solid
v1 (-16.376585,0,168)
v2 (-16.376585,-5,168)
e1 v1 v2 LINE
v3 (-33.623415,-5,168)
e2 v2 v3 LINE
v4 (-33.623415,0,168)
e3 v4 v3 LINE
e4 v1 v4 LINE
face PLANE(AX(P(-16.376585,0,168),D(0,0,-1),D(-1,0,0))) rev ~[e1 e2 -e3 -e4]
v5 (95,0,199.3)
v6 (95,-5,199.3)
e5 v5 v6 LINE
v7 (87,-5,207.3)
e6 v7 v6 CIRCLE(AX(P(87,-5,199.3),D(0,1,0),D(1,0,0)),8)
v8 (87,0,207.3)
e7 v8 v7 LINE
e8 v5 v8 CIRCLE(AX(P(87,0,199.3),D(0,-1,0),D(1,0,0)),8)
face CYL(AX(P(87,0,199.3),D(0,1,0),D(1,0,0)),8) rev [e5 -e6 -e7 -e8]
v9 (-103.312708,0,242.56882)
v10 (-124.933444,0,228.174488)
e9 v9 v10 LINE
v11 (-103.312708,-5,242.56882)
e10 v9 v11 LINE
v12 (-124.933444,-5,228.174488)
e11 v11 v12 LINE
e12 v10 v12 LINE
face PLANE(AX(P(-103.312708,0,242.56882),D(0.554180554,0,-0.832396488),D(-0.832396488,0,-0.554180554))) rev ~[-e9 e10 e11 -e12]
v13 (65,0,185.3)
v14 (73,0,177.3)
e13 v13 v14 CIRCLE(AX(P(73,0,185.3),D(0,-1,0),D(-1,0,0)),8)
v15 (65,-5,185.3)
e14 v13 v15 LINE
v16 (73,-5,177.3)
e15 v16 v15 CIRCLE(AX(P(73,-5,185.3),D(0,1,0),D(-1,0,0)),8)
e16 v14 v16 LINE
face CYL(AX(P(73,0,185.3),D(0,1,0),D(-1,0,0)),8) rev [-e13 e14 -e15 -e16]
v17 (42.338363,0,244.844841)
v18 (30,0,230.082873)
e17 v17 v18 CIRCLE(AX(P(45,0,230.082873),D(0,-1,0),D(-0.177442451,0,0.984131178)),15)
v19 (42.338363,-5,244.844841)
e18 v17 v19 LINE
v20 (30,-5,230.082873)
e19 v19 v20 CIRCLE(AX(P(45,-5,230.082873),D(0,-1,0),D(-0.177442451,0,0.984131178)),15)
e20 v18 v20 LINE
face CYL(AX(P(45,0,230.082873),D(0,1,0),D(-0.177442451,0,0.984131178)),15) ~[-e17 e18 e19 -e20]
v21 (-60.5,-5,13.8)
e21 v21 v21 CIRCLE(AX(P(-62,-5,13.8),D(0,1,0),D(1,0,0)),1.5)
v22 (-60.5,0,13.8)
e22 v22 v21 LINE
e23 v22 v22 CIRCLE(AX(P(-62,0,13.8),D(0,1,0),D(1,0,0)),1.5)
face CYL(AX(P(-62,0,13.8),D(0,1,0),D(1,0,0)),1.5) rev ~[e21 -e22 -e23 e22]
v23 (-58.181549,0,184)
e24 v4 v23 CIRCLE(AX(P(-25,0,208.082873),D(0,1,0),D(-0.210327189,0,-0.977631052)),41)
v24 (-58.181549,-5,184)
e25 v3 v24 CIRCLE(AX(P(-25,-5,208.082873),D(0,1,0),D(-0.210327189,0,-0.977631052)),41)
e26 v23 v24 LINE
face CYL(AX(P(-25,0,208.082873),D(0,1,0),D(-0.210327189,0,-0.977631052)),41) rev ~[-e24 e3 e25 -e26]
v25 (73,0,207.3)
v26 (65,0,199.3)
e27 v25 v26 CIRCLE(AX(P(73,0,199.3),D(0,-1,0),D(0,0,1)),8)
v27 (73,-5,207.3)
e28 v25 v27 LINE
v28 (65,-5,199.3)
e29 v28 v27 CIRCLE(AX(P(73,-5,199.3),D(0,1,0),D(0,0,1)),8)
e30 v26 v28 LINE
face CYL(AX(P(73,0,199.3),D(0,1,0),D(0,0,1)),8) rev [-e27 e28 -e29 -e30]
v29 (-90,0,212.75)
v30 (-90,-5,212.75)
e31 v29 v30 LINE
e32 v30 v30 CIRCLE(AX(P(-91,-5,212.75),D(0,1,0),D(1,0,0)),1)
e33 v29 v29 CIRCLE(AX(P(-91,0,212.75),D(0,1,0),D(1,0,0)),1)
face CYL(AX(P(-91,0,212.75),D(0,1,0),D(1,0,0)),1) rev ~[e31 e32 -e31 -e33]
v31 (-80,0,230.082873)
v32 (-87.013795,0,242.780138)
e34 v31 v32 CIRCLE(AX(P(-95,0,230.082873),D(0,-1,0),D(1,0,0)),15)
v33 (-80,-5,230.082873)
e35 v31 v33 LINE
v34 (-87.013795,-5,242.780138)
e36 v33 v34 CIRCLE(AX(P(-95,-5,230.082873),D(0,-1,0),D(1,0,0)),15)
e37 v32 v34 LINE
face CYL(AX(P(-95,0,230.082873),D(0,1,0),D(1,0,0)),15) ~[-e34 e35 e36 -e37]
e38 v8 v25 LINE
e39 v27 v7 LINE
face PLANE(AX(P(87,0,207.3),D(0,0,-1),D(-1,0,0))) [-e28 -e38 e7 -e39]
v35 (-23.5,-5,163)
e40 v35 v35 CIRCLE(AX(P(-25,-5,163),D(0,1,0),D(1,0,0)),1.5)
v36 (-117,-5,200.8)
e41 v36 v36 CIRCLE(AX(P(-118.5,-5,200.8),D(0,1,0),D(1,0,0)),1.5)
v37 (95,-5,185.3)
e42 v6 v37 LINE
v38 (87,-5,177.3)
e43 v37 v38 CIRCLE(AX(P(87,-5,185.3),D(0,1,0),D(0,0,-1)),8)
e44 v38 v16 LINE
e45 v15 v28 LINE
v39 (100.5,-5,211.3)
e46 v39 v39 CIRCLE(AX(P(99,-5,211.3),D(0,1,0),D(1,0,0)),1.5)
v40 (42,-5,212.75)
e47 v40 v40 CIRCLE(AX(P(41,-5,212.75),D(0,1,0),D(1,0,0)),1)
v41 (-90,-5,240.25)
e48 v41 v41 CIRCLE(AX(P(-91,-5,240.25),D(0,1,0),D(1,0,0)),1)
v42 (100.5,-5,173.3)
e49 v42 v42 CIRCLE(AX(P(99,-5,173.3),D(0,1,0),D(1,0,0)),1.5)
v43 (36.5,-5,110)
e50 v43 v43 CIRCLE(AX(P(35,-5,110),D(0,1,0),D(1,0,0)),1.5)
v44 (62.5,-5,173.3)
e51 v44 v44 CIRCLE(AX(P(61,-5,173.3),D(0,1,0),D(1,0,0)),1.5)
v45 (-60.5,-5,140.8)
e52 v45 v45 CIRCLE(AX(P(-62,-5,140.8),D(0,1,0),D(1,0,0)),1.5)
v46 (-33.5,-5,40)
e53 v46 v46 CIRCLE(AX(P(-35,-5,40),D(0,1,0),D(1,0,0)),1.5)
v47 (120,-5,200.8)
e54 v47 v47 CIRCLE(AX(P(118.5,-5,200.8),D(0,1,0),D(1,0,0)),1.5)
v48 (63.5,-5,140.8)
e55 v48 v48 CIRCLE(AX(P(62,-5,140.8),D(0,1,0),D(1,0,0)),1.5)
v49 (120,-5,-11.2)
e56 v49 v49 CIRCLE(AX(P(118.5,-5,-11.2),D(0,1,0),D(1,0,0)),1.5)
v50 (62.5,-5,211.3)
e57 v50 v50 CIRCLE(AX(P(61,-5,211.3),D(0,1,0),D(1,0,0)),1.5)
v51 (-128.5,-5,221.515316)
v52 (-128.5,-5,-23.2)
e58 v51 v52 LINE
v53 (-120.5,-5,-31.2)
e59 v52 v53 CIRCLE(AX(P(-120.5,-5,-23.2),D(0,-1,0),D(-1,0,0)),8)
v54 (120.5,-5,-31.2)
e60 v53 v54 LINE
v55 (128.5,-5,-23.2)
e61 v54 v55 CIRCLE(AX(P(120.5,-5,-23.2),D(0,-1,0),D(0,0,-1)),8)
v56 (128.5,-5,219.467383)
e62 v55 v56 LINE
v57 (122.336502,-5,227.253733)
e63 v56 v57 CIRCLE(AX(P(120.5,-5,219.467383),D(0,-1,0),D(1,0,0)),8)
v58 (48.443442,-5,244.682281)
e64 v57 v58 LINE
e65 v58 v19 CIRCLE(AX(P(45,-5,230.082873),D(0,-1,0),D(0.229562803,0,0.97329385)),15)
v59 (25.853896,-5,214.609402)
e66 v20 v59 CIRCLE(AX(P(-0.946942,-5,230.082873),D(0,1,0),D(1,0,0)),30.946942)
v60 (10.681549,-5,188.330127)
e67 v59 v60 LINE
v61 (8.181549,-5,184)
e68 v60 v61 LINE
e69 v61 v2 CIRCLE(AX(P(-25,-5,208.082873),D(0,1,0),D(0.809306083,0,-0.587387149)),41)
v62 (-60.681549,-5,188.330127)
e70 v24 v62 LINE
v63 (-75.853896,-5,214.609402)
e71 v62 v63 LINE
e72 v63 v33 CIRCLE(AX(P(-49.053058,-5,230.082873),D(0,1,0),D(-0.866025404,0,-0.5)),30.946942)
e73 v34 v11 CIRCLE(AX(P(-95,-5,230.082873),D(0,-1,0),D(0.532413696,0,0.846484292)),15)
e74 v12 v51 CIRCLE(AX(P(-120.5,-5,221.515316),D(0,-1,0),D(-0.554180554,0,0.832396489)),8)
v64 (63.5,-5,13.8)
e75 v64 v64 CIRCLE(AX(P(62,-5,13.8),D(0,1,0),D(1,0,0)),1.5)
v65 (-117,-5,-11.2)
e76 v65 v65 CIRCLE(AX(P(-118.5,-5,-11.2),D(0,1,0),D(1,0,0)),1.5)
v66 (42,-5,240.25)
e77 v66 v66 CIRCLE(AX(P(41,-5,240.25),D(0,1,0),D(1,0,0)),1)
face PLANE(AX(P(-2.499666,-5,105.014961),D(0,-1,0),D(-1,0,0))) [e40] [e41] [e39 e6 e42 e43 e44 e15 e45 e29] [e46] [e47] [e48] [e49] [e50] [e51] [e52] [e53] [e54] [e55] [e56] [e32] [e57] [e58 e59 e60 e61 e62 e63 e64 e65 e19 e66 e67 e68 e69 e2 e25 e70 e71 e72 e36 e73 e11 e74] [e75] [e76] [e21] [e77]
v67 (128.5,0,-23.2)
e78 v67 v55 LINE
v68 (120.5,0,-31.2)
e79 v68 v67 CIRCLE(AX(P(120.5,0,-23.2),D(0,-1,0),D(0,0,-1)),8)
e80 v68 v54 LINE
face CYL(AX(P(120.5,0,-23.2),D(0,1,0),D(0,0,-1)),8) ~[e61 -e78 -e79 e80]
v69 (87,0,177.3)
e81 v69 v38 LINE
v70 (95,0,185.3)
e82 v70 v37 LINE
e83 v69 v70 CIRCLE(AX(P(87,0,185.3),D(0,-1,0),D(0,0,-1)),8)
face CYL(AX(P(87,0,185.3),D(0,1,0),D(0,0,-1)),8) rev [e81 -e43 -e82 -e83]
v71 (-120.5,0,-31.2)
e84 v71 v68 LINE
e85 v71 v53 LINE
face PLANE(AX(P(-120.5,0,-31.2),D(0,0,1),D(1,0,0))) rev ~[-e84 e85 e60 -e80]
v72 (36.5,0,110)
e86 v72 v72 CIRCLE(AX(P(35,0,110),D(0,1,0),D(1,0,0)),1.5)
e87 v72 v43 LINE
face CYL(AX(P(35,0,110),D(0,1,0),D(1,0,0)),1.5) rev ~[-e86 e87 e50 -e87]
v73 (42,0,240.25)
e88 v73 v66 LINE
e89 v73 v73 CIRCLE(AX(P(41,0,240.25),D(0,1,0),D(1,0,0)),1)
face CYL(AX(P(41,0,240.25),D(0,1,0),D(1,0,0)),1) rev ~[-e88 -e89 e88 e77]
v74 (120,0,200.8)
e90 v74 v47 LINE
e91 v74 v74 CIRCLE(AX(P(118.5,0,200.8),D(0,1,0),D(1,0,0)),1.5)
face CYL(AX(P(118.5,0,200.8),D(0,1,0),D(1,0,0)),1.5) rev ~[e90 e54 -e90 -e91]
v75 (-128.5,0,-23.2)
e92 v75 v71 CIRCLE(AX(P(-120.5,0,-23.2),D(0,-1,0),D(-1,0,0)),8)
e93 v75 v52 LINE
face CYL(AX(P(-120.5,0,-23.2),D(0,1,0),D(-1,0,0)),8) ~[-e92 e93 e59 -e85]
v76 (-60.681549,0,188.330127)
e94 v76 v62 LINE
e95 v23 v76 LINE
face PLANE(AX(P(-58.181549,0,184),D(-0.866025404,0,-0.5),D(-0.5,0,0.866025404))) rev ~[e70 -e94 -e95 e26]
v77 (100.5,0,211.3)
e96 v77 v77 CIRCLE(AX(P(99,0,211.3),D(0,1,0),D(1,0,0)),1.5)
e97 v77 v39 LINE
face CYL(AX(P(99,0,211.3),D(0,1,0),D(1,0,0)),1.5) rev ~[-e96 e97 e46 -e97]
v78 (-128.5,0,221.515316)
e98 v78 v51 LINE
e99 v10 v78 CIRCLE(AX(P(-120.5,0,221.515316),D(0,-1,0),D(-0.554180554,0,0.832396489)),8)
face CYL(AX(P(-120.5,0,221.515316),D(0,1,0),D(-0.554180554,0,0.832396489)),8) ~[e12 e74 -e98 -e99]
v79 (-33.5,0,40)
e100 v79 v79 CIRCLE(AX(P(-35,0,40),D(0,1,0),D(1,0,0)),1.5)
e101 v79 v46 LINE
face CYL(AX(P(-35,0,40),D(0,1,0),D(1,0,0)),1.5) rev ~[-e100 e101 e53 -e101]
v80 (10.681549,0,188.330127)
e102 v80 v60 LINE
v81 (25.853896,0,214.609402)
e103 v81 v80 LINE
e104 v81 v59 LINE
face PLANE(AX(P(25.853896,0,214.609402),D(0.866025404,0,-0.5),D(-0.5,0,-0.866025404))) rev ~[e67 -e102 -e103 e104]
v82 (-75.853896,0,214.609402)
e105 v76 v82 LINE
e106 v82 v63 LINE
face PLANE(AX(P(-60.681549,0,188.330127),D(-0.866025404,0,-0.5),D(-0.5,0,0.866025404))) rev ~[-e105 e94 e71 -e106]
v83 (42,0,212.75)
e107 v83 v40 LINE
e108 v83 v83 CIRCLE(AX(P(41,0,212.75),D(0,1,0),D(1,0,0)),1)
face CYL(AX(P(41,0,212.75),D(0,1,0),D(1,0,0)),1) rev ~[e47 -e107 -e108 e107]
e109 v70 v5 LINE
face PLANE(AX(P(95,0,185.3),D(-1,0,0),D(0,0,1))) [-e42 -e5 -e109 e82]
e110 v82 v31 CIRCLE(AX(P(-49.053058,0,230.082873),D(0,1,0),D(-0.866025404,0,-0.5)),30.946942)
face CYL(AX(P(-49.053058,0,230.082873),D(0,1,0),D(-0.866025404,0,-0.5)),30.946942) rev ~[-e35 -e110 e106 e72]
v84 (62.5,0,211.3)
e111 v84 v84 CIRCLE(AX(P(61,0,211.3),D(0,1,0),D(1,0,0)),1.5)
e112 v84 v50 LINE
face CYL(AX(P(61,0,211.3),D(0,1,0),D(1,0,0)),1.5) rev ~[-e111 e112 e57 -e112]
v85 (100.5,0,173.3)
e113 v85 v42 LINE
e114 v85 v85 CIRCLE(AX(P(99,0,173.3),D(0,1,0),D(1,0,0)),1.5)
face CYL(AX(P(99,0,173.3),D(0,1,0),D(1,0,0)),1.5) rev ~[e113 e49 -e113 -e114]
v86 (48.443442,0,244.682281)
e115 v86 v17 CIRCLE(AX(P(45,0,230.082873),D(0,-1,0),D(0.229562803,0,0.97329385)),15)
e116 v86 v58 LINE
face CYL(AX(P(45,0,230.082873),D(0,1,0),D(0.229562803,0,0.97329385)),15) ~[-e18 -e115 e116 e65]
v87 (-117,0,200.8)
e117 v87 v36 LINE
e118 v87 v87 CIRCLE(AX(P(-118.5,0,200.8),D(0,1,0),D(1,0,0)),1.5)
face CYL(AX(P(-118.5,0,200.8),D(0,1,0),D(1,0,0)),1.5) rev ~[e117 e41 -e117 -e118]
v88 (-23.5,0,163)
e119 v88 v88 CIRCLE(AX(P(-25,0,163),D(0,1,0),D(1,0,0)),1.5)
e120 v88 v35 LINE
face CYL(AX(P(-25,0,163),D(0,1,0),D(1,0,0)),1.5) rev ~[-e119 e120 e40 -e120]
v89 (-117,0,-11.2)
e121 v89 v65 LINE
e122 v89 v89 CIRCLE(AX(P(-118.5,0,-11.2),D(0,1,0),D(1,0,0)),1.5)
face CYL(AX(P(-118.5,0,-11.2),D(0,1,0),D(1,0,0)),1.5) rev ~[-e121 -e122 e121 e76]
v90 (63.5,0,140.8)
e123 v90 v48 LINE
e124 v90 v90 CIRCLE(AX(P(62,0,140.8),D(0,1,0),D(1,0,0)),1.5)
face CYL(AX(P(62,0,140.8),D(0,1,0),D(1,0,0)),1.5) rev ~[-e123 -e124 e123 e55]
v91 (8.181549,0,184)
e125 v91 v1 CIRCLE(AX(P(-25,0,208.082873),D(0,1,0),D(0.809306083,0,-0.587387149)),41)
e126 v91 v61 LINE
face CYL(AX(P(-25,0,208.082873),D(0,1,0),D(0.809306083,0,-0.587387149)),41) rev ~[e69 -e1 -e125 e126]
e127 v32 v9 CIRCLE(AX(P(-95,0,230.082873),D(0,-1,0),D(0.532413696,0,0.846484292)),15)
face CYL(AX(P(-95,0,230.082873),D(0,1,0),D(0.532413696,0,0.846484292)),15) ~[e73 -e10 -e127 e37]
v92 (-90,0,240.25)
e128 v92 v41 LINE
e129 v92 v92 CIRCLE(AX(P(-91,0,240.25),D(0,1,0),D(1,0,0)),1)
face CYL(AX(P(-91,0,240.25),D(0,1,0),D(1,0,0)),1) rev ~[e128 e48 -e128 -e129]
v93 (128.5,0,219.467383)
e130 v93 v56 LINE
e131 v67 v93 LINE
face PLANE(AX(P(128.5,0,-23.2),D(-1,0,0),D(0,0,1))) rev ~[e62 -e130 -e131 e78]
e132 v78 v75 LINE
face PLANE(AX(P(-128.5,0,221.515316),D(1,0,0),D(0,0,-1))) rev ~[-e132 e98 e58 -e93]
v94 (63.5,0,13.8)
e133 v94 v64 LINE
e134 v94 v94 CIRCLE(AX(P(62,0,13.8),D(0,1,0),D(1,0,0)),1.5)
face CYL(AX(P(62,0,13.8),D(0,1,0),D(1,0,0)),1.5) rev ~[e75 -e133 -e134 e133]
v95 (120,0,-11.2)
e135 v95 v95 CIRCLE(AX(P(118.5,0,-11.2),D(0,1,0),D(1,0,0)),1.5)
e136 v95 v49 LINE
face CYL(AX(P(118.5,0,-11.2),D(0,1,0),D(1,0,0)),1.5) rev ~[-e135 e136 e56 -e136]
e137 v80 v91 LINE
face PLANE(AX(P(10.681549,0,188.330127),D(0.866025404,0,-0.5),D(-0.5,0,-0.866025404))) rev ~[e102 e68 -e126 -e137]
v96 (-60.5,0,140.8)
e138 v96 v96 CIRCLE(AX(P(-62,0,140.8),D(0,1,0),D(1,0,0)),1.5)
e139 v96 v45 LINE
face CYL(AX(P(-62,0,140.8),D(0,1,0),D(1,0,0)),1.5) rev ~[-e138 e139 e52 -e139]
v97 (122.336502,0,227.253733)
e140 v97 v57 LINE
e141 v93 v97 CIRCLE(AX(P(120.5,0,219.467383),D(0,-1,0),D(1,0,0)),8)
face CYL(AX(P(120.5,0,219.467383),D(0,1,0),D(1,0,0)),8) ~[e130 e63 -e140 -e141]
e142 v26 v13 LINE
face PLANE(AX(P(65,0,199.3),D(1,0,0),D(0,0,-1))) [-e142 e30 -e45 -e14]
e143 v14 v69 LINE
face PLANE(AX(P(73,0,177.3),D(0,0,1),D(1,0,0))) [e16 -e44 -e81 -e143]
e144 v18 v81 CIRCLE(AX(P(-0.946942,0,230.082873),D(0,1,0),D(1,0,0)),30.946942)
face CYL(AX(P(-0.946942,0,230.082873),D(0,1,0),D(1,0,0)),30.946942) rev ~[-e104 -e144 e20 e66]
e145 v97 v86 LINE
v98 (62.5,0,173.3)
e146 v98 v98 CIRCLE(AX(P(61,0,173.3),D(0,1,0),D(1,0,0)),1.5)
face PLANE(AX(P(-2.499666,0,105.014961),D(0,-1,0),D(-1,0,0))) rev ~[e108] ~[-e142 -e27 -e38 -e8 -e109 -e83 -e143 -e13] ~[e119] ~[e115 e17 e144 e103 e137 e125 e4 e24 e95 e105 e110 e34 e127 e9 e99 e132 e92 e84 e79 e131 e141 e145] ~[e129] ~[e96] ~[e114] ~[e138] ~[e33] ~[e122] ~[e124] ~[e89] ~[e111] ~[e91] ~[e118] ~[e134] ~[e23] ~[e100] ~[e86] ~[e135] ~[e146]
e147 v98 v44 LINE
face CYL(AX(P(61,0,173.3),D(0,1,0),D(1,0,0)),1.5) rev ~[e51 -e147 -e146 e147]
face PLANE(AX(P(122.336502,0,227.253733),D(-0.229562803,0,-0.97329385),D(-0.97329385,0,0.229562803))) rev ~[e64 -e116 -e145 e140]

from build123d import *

# Parameters (mm, degrees)
ESQUISSE1_R             = 1
BOSS_EXTRU_1_DEPTH      = 5
ESQUISSE2_R             = 1.5
ENL_V_MAT_EXTRU_1_DEPTH = 6
ESQUISSE3_R             = 1.5
ENL_V_MAT_EXTRU_2_DEPTH = 6
ESQUISSE4_R             = 1.5
ENL_V_MAT_EXTRU_3_DEPTH = 6
ESQUISSE5_R             = 1.5
ENL_V_MAT_EXTRU_5_DEPTH = 6


with BuildPart() as part:
    # Esquisse1 → Boss.-Extru.1 (new body)
    with BuildSketch(Plane(origin=(0, 0, 0), x_dir=(1, 0, 0), z_dir=(0, 1, 0))):
        with BuildLine():
            Line((-120.5, 31.2), (120.5, 31.2))
            ThreePointArc((120.5, 31.2), (126.156854249, 28.856854249), (128.5, 23.2))
            Line((128.5, 23.2), (128.5, -219.467382599))
            ThreePointArc((128.5, -219.467382599), (126.772639772, -224.43266107), (122.336502426, -227.253733403))
            Line((122.336502426, -227.253733403), (48.443442049, -244.68228088))
            ThreePointArc((48.443442049, -244.68228088), (45.399263454, -245.077558471), (42.33836323, -244.8448408))
            ThreePointArc((42.33836323, -244.8448408), (33.490774319, -239.702526143), (30, -230.082873123))
            ThreePointArc((30, -230.082873123), (28.945508514, -222.073215083), (25.853895909, -214.609402001))
            Line((25.853895909, -214.609402001), (10.681549424, -188.330127019))
            Line((10.681549424, -188.330127019), (8.181549424, -184))
            ThreePointArc((8.181549424, -184), (-2.618897308, -173.730489766), (-16.376585234, -168))
            Line((-16.376585234, -168), (-33.623414766, -168))
            ThreePointArc((-33.623414766, -168), (-47.381102692, -173.730489766), (-58.181549424, -184))
            Line((-58.181549424, -184), (-60.681549424, -188.330127019))
            Line((-60.681549424, -188.330127019), (-75.853895909, -214.609402001))
            ThreePointArc((-75.853895909, -214.609402001), (-78.945508514, -222.073215083), (-80, -230.082873123))
            ThreePointArc((-80, -230.082873123), (-81.87001368, -237.335697347), (-87.013794564, -242.780137503))
            ThreePointArc((-87.013794564, -242.780137503), (-95.194460163, -245.081612578), (-103.312708305, -242.568820449))
            Line((-103.312708305, -242.568820449), (-124.933444429, -228.174488322))
            ThreePointArc((-124.933444429, -228.174488322), (-127.552217929, -225.292381715), (-128.5, -221.515316414))
            Line((-128.5, -221.515316414), (-128.5, 23.2))
            ThreePointArc((-128.5, 23.2), (-126.156854249, 28.856854249), (-120.5, 31.2))
        make_face()
        with Locations((41, -212.75)):
            Circle(ESQUISSE1_R, mode=Mode.SUBTRACT)
        with Locations((41, -240.25)):
            Circle(ESQUISSE1_R, mode=Mode.SUBTRACT)
        with Locations((-91, -212.75)):
            Circle(ESQUISSE1_R, mode=Mode.SUBTRACT)
        with Locations((-91, -240.25)):
            Circle(ESQUISSE1_R, mode=Mode.SUBTRACT)
    extrude(amount=-BOSS_EXTRU_1_DEPTH)

    # Esquisse2 → Enlèv. mat.-Extru.1 (cut, through all)
    with BuildSketch(Plane(origin=(0, 0, 0), x_dir=(1, 0, 0), z_dir=(0, 1, 0))):
        with Locations((-118.5, 11.2)):
            Circle(ESQUISSE2_R)
        with Locations((-25, -163)):
            Circle(ESQUISSE2_R)
        with Locations((118.5, 11.2)):
            Circle(ESQUISSE2_R)
        with Locations((118.5, -200.8)):
            Circle(ESQUISSE2_R)
        with Locations((-118.5, -200.8)):
            Circle(ESQUISSE2_R)
    extrude(amount=-ENL_V_MAT_EXTRU_1_DEPTH, mode=Mode.SUBTRACT)

    # Esquisse3 → Enlèv. mat.-Extru.2 (cut, through all)
    with BuildSketch(Plane(origin=(0, 0, 0), x_dir=(1, 0, 0), z_dir=(0, 1, 0))):
        with Locations((62, -140.8)):
            Circle(ESQUISSE3_R)
        with Locations((-62, -140.8)):
            Circle(ESQUISSE3_R)
        with Locations((62, -13.8)):
            Circle(ESQUISSE3_R)
        with Locations((-62, -13.8)):
            Circle(ESQUISSE3_R)
    extrude(amount=-ENL_V_MAT_EXTRU_2_DEPTH, mode=Mode.SUBTRACT)

    # Esquisse4 → Enlèv. mat.-Extru.3 (cut, through all)
    with BuildSketch(Plane(origin=(0, 0, 0), x_dir=(1, 0, 0), z_dir=(0, 1, 0))):
        with Locations((-35, -40)):
            Circle(ESQUISSE4_R)
        with Locations((35, -110)):
            Circle(ESQUISSE4_R)
    extrude(amount=-ENL_V_MAT_EXTRU_3_DEPTH, mode=Mode.SUBTRACT)

    # Esquisse5 → Enlèv. mat.-Extru.5 (cut, through all)
    with BuildSketch(Plane(origin=(0, 0, 0), x_dir=(1, 0, 0), z_dir=(0, 1, 0))):
        with Locations((61, -211.3)):
            Circle(ESQUISSE5_R)
        with Locations((99, -211.3)):
            Circle(ESQUISSE5_R)
        with Locations((99, -173.3)):
            Circle(ESQUISSE5_R)
        with Locations((61, -173.3)):
            Circle(ESQUISSE5_R)
        with BuildLine():
            Line((73, -177.3), (87, -177.3))
            ThreePointArc((87, -177.3), (92.656854249, -179.643145751), (95, -185.3))
            Line((95, -185.3), (95, -199.3))
            ThreePointArc((95, -199.3), (92.656854249, -204.956854249), (87, -207.3))
            Line((87, -207.3), (73, -207.3))
            ThreePointArc((73, -207.3), (67.343145751, -204.956854249), (65, -199.3))
            Line((65, -199.3), (65, -185.3))
            ThreePointArc((65, -185.3), (67.343145751, -179.643145751), (73, -177.3))
        make_face()
    extrude(amount=-ENL_V_MAT_EXTRU_5_DEPTH, mode=Mode.SUBTRACT)


solid = part.part
